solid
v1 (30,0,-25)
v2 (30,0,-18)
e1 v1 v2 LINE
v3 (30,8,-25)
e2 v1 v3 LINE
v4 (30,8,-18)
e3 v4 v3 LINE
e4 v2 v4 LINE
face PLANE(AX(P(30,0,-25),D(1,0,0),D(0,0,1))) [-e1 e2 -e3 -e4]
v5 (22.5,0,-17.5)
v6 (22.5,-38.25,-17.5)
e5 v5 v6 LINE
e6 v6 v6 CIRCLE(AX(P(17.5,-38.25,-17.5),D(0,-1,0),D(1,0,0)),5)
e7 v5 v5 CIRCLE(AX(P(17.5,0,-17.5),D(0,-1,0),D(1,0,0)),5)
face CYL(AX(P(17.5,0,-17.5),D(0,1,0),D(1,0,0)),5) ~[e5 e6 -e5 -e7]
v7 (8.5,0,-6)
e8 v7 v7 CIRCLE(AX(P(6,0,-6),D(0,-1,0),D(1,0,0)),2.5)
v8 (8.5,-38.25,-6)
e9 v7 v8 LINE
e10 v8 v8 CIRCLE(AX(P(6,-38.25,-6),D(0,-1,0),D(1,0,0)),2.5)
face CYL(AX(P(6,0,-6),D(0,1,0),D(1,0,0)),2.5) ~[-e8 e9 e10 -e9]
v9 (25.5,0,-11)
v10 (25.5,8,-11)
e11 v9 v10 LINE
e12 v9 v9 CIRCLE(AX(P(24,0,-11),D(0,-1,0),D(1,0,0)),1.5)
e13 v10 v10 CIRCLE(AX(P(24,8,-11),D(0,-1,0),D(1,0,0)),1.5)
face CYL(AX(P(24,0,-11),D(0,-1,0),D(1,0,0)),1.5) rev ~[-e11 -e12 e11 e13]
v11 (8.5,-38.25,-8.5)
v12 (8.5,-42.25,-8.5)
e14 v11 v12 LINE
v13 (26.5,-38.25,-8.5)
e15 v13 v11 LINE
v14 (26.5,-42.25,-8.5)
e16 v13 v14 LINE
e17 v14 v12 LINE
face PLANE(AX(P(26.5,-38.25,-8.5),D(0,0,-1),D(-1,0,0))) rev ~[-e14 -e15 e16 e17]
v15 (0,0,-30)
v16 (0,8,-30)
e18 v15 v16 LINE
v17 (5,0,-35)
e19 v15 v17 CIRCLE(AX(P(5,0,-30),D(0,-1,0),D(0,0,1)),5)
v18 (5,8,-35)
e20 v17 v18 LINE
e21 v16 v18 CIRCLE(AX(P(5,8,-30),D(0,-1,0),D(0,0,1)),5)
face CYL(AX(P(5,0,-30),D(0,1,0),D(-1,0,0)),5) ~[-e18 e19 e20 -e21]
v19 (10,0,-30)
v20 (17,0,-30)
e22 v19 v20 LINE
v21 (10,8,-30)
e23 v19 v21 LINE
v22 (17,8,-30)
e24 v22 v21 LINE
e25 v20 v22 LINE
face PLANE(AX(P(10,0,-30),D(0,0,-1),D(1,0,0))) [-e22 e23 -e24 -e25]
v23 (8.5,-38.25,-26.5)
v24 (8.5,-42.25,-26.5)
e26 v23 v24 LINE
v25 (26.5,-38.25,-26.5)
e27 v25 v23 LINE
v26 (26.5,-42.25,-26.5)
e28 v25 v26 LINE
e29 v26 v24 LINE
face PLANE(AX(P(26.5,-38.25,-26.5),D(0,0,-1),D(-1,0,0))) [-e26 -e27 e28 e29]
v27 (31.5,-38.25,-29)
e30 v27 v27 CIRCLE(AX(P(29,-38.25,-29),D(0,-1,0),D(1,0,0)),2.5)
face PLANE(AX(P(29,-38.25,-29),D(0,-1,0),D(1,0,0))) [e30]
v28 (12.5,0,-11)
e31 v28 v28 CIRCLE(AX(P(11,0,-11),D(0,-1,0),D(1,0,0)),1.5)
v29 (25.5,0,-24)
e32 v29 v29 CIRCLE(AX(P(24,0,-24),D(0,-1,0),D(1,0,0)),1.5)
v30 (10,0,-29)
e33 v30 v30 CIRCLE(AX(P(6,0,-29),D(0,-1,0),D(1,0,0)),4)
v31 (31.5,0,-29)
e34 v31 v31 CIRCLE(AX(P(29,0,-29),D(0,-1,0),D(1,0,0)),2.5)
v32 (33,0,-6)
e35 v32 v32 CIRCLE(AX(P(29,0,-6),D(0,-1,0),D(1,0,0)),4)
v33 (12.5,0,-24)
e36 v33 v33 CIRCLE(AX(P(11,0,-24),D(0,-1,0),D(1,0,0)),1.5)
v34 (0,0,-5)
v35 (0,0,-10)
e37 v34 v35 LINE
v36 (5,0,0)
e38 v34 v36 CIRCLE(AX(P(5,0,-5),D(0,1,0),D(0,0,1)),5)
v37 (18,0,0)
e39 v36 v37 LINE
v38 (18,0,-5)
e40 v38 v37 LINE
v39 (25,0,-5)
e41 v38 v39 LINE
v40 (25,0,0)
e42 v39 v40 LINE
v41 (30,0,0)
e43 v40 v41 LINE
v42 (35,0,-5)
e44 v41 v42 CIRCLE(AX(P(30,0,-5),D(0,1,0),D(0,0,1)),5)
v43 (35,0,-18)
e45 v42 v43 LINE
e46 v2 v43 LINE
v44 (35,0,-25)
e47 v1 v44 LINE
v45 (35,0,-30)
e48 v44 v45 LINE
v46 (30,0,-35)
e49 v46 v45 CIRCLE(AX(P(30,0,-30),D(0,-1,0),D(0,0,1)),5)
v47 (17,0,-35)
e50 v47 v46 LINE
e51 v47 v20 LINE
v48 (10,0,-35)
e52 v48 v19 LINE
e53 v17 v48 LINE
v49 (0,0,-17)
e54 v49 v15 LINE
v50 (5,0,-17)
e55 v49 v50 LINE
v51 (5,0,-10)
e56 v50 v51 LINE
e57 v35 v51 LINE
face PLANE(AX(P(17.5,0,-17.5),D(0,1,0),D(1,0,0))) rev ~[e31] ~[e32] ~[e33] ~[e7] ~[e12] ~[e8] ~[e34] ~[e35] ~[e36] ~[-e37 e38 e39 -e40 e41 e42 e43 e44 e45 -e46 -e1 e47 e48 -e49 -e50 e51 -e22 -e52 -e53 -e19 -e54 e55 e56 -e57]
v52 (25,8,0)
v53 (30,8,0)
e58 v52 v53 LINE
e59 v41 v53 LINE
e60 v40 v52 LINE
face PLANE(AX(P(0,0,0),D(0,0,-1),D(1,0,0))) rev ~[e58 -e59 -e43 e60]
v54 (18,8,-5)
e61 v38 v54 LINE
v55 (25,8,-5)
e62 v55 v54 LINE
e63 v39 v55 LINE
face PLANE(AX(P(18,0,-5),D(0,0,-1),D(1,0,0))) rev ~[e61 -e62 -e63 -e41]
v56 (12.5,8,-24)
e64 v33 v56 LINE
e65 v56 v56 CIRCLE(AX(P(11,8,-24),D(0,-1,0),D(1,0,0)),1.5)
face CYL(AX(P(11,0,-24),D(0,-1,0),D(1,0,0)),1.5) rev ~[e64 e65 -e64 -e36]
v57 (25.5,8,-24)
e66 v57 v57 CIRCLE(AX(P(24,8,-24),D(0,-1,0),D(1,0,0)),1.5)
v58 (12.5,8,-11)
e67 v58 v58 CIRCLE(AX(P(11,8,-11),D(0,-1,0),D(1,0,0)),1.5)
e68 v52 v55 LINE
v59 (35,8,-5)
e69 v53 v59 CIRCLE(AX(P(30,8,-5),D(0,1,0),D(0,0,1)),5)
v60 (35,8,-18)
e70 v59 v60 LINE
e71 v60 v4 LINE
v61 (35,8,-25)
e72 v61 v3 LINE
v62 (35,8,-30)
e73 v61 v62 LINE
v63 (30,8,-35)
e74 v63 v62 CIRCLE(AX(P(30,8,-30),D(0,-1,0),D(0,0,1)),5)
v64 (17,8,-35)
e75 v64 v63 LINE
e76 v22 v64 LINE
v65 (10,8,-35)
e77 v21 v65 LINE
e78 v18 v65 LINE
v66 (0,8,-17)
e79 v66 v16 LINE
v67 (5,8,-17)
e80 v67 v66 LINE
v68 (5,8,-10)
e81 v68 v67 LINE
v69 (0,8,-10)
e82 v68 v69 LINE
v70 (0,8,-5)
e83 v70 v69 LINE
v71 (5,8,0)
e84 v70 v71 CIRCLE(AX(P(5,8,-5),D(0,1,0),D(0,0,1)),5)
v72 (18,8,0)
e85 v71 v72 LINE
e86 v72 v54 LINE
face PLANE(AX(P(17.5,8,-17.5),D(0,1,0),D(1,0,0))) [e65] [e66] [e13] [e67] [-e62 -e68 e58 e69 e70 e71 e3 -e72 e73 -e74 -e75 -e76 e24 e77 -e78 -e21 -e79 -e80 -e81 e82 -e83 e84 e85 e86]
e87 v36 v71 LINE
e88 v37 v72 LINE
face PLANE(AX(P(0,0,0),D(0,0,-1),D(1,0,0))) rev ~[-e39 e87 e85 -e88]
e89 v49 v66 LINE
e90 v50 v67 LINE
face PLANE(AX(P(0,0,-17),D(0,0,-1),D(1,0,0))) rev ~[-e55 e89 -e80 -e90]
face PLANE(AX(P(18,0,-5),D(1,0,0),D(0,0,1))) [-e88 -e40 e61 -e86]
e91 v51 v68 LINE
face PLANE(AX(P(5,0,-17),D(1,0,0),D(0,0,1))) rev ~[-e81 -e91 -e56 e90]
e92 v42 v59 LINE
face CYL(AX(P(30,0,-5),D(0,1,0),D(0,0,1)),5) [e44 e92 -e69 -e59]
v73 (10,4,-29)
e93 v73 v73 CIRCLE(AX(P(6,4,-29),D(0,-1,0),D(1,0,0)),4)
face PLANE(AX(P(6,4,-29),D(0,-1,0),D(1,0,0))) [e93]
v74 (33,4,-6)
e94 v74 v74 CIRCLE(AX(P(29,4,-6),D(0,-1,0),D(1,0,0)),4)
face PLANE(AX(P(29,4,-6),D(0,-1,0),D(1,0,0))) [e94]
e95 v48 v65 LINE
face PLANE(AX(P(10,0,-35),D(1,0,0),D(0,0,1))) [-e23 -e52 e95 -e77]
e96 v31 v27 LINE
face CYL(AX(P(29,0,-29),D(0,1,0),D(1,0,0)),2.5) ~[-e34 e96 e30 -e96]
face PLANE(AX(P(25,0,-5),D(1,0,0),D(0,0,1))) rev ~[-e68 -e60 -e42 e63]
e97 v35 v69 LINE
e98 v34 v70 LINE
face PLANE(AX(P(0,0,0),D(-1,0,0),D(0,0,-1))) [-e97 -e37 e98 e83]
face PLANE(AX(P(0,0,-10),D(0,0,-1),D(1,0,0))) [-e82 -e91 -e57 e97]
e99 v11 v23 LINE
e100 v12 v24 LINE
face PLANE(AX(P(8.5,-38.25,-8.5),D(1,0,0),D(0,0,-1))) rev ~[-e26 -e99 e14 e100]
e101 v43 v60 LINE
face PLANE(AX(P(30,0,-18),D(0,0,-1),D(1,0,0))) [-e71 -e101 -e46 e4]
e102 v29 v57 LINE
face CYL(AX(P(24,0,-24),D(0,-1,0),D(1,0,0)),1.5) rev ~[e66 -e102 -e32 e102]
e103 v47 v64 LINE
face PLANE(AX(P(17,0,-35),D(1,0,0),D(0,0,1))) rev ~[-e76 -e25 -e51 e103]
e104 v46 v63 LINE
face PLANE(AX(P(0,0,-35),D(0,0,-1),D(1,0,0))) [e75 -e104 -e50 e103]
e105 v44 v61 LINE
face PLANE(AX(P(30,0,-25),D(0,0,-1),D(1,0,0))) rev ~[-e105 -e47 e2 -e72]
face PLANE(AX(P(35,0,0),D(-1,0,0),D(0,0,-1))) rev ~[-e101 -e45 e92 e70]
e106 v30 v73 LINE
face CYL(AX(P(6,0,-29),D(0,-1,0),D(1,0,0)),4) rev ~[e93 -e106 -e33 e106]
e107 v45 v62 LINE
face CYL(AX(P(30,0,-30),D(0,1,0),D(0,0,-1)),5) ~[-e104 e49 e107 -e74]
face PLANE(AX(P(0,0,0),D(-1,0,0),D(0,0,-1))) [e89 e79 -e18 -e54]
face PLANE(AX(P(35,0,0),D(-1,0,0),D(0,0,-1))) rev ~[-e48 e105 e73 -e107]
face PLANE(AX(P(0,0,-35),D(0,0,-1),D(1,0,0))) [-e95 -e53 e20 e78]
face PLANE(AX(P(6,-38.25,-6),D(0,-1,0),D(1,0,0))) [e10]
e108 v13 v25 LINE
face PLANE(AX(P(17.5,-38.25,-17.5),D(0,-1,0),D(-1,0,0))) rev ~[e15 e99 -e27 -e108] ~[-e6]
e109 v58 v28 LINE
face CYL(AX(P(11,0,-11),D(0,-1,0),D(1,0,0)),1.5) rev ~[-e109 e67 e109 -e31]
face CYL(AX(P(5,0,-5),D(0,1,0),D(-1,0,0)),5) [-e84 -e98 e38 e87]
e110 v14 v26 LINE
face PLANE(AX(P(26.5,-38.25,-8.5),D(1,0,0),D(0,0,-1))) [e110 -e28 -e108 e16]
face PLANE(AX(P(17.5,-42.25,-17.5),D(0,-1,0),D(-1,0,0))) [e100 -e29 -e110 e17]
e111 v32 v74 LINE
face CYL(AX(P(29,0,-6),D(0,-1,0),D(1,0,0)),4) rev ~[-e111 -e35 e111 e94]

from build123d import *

# Parameters (mm, degrees)
SKETCH1_W           = 35
SKETCH1_H           = 35
BOSS_EXTRUDE1_DEPTH = 8
SKETCH2_W           = 7
SKETCH2_H           = 5
SKETCH2_W_2         = 5
SKETCH2_H_2         = 7
SKETCH2_R           = 1.5
CUT_EXTRUDE1_DEPTH  = 51.139804547
SKETCH2_5_R         = 4
SKETCH2_5_R_2       = 1.5
CUT_EXTRUDE2_DEPTH  = 4
SKETCH2_7_R         = 2.5
SKETCH2_7_R_2       = 5
BOSS_EXTRUDE2_DEPTH = 38.25
SKETCH3_W           = 18
SKETCH3_H           = 18
BOSS_EXTRUDE3_DEPTH = 4
FILLET1_R           = 5


with BuildPart() as part:
    # Sketch1 → Boss-Extrude1 (new body)
    with BuildSketch(Plane(origin=(0, 0, 0), x_dir=(1, 0, 0), z_dir=(0, 1, 0))):
        with Locations((17.5, 17.5)):
            Rectangle(SKETCH1_W, SKETCH1_H)
    extrude(amount=BOSS_EXTRUDE1_DEPTH)

    # Sketch2 → Cut-Extrude1 (cut, through all)
    with BuildSketch(Plane.XZ):
        with Locations((21.5, -2.5)):
            Rectangle(SKETCH2_W, SKETCH2_H)
        with Locations((2.5, -13.5)):
            Rectangle(SKETCH2_W_2, SKETCH2_H_2)
        with Locations((32.5, -21.5)):
            Rectangle(SKETCH2_W_2, SKETCH2_H_2)
        with Locations((13.5, -32.5)):
            Rectangle(SKETCH2_W, SKETCH2_H)
        with Locations((11, -11)):
            Circle(SKETCH2_R)
        with Locations((24, -11)):
            Circle(SKETCH2_R)
        with Locations((24, -24)):
            Circle(SKETCH2_R)
        with Locations((11, -24)):
            Circle(SKETCH2_R)
    extrude(amount=-CUT_EXTRUDE1_DEPTH, mode=Mode.SUBTRACT)

    # Sketch2<5> → Cut-Extrude2 (cut)
    with BuildSketch(Plane.XZ):
        with Locations((29, -6)):
            Circle(SKETCH2_5_R)
        with Locations((6, -29)):
            Circle(SKETCH2_5_R)
        with Locations((11, -11)):
            Circle(SKETCH2_5_R_2)
    extrude(amount=-CUT_EXTRUDE2_DEPTH, mode=Mode.SUBTRACT)

    # Sketch2<7> → Boss-Extrude2 (add)
    with BuildSketch(Plane.XZ):
        with Locations((6, -6)):
            Circle(SKETCH2_7_R)
        with Locations((29, -29)):
            Circle(SKETCH2_7_R)
        with Locations((17.5, -17.5)):
            Circle(SKETCH2_7_R_2)
    extrude(amount=BOSS_EXTRUDE2_DEPTH)

    # Sketch3 → Boss-Extrude3 (add)
    with BuildSketch(Plane(origin=(0, -38.25, 0), x_dir=(-1, 0, 0), z_dir=(0, -1, 0))):
        with Locations((-17.5, 17.5)):
            Rectangle(SKETCH3_W, SKETCH3_H)
    extrude(amount=BOSS_EXTRUDE3_DEPTH)

    # Fillet1
    fillet1_edges = [part.edges().sort_by_distance(p)[0] for p in [
        (35, 4, -35),
        (0, 4, -35),
        (0, 4, 0),
        (35, 4, 0),
    ]]
    fillet(fillet1_edges, radius=FILLET1_R)


solid = part.part
